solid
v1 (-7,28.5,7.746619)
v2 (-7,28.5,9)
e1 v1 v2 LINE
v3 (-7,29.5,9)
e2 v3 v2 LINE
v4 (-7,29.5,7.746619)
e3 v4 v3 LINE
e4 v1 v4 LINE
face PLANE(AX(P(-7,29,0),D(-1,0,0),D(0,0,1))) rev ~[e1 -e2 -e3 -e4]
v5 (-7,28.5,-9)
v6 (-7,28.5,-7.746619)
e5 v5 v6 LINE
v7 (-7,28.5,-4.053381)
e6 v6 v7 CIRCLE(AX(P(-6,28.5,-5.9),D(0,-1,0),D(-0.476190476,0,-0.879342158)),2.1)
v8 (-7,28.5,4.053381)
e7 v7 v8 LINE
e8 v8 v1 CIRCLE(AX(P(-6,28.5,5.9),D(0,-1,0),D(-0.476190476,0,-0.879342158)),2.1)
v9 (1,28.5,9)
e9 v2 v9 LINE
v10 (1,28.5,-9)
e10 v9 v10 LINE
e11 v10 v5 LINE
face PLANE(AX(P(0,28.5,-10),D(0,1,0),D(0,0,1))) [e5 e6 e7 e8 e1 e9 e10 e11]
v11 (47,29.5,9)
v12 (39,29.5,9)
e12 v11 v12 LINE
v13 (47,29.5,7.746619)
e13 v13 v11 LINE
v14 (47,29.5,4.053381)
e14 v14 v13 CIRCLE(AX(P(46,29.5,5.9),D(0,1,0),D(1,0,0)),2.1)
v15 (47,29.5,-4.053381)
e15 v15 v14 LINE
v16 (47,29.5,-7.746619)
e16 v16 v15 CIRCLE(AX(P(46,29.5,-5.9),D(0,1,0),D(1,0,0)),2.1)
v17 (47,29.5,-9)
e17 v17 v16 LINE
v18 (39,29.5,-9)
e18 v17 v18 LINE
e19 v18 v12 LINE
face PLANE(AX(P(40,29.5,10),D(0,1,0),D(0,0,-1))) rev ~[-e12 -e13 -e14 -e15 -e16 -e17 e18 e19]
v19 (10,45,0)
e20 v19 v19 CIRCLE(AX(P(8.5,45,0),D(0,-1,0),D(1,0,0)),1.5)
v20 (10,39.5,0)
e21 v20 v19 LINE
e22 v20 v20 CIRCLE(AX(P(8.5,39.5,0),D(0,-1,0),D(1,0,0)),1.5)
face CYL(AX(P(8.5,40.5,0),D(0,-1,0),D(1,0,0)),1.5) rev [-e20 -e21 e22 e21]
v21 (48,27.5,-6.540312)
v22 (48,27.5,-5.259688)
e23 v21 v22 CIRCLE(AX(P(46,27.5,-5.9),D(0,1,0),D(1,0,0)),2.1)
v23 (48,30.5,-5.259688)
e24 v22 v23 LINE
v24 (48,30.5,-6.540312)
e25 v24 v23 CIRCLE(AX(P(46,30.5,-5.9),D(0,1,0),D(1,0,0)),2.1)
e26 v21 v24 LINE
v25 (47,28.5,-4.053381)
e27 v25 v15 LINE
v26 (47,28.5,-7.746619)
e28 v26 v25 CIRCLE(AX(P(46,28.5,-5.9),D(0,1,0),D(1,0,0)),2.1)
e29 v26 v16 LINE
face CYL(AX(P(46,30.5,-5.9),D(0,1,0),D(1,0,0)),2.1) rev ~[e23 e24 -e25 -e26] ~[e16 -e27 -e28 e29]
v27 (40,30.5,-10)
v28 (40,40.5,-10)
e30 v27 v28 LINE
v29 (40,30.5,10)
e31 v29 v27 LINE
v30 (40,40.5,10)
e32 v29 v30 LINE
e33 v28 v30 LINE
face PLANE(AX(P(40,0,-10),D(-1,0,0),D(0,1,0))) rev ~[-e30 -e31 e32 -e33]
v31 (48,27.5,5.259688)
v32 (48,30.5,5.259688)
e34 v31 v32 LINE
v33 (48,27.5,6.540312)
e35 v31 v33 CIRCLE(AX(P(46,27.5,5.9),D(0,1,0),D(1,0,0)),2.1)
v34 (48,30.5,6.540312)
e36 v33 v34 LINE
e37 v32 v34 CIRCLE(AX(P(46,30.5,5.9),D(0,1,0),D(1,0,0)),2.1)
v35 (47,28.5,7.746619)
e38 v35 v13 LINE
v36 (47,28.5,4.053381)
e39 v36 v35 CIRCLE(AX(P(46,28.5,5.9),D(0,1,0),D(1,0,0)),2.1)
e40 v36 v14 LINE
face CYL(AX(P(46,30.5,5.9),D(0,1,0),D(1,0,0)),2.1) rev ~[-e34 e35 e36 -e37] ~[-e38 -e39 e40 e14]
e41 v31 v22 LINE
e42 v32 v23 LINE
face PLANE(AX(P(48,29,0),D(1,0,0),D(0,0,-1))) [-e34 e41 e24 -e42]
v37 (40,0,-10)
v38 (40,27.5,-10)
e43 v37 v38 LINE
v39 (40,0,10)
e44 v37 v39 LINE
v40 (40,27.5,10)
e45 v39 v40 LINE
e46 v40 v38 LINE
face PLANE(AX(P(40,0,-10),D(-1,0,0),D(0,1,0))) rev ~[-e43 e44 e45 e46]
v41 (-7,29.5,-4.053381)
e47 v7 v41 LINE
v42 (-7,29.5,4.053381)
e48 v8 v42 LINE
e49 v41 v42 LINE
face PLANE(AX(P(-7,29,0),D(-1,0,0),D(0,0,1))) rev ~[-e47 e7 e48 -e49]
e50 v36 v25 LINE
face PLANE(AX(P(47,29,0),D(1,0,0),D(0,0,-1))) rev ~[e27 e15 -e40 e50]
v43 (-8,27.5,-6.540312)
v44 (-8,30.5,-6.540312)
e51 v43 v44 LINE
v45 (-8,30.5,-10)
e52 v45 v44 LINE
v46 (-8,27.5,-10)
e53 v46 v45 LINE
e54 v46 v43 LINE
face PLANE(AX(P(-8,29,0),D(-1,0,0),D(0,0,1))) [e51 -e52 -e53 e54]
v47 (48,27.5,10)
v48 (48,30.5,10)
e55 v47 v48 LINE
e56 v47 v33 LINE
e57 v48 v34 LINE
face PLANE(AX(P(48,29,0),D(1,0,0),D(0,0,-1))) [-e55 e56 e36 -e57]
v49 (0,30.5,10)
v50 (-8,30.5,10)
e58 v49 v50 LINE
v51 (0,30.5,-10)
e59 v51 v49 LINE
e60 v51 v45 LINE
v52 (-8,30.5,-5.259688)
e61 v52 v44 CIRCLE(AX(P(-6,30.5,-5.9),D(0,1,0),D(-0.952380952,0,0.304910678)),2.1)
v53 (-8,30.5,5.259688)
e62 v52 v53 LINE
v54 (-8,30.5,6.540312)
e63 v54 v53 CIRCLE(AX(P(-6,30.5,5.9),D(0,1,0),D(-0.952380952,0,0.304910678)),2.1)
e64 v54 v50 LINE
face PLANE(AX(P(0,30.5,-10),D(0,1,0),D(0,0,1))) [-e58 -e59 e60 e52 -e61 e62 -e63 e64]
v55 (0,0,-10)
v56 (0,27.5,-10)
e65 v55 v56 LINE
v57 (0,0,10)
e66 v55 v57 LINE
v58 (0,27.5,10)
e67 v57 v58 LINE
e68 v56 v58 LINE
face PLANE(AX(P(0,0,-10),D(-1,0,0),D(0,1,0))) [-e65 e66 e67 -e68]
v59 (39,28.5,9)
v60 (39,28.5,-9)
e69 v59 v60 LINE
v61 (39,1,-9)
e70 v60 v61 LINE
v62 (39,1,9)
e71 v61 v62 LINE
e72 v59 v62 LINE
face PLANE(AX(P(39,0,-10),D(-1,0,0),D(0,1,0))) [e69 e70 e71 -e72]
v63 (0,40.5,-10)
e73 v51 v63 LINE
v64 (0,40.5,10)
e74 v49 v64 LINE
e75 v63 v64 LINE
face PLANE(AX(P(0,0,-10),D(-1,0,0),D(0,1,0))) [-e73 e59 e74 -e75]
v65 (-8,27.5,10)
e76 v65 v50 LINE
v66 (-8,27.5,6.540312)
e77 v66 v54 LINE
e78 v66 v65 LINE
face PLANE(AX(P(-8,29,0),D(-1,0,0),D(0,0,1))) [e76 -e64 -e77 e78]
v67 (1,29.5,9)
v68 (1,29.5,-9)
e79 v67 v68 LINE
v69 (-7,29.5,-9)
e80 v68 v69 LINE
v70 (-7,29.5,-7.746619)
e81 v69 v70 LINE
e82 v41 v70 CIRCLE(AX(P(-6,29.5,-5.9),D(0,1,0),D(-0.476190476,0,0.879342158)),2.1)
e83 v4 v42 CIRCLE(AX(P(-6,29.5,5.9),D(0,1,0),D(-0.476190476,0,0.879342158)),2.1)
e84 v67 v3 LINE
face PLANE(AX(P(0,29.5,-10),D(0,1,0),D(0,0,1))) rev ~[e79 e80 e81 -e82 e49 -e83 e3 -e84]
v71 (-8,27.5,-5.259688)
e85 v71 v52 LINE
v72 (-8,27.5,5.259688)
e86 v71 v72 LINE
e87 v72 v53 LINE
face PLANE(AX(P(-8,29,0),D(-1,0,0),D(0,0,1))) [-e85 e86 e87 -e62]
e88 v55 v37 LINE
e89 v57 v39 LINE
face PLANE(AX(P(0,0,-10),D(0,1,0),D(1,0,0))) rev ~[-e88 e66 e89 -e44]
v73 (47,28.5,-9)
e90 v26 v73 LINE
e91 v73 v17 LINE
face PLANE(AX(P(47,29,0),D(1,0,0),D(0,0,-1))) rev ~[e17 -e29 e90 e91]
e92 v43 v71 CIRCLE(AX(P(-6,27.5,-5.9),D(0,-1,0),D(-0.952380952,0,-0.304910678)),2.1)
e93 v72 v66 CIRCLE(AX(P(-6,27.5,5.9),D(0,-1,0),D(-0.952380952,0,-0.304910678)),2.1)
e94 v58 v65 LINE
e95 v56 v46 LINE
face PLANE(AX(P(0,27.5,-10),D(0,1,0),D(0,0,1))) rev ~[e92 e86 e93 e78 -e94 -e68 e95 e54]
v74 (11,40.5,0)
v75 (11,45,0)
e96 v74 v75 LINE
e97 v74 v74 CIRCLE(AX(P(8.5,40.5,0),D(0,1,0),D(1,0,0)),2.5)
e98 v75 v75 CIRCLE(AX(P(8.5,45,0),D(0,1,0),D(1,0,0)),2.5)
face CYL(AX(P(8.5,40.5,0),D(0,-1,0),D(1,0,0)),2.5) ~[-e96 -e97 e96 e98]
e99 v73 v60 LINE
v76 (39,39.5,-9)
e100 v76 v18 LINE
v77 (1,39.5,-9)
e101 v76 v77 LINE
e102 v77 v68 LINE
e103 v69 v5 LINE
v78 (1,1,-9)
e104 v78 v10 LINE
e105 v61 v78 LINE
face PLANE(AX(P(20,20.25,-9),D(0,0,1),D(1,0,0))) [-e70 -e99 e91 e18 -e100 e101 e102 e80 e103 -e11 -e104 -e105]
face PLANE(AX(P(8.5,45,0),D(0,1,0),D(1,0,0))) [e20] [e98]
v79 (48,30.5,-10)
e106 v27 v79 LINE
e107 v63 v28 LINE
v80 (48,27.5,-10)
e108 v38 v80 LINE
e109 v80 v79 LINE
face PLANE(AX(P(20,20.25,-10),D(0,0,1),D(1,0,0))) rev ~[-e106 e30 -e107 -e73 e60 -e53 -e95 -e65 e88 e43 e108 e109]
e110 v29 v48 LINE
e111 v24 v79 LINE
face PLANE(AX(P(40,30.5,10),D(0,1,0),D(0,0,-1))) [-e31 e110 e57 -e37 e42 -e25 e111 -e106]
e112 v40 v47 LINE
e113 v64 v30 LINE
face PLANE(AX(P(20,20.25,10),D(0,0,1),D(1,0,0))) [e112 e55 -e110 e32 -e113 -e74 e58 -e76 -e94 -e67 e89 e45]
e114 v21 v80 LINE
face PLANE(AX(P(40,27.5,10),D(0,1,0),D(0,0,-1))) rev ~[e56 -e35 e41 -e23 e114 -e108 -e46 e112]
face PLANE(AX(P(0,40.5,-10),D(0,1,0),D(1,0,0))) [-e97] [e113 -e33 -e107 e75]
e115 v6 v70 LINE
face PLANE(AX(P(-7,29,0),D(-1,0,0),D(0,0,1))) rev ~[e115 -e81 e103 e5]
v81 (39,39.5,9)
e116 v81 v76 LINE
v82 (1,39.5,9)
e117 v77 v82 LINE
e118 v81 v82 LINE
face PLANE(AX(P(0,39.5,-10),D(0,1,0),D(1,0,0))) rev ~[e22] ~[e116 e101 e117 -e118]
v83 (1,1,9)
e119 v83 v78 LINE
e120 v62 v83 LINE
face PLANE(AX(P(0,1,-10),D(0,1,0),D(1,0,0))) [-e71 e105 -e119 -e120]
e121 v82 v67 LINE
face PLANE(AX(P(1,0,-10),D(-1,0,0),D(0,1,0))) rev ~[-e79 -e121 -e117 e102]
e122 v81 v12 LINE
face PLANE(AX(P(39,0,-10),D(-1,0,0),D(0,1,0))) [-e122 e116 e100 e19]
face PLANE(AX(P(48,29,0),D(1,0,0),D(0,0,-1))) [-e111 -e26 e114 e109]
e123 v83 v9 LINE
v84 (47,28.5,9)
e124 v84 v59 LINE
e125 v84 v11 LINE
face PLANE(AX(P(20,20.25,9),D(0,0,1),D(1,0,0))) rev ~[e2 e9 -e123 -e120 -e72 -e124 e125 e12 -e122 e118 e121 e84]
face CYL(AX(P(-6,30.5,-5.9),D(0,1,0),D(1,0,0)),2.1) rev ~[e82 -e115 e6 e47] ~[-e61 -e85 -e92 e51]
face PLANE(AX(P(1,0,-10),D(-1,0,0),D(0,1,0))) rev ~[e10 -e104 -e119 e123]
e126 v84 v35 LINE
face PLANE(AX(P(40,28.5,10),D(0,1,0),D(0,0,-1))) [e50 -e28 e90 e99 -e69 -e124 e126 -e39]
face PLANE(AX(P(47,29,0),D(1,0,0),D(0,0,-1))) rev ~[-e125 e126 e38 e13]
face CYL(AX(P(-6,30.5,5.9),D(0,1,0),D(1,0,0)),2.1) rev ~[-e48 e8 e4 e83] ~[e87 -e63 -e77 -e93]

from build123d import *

# Parameters (mm, degrees)
BOSS_EXTRUDE1_DEPTH      = 10
BOSS_EXTRUDE1_DEPTH_BACK = 10
SKETCH1_W                = 40
SKETCH1_H                = 40.5
SKETCH2_W                = 20
SKETCH2_H                = 3
BOSS_EXTRUDE2_DEPTH      = 8
SKETCH3_W                = 20
SKETCH3_H                = 3
BOSS_EXTRUDE3_DEPTH      = 8
SKETCH4_R                = 2.5
BOSS_EXTRUDE4_DEPTH      = 4.5
SHELL1_T                 = -1
SKETCH5_R                = 2.1
CUT_EXTRUDE1_DEPTH       = 10
SKETCH6_R                = 2.1
CUT_EXTRUDE2_DEPTH       = 10


with BuildPart() as part:
    # Sketch1 → Boss-Extrude1 (new, two sides: drawn at the far end of the back side and taken through both)
    with BuildSketch(Plane.XY.offset(-BOSS_EXTRUDE1_DEPTH_BACK)):
        with Locations((20, 20.25)):
            Rectangle(SKETCH1_W, SKETCH1_H)
    extrude(amount=BOSS_EXTRUDE1_DEPTH + BOSS_EXTRUDE1_DEPTH_BACK)

    # Sketch2 → Boss-Extrude2 (add)
    with BuildSketch(Plane(origin=(40, 0, 0), x_dir=(0, 0, -1), z_dir=(1, 0, 0))):
        with Locations((0, 29)):
            Rectangle(SKETCH2_W, SKETCH2_H)
    extrude(amount=BOSS_EXTRUDE2_DEPTH)

    # Sketch3 → Boss-Extrude3 (add)
    with BuildSketch(Plane.ZY):
        with Locations((0, 29)):
            Rectangle(SKETCH3_W, SKETCH3_H)
    extrude(amount=BOSS_EXTRUDE3_DEPTH)

    # Sketch4 → Boss-Extrude4 (add)
    with BuildSketch(Plane(origin=(0, 40.5, 0), x_dir=(1, 0, 0), z_dir=(0, 1, 0))):
        with Locations((8.5, 0)):
            Circle(SKETCH4_R)
    extrude(amount=BOSS_EXTRUDE4_DEPTH)

    # Shell1
    shell1_openings = [part.faces().sort_by_distance(p)[0] for p in [
        (8.5, 45, 0),
    ]]
    offset(amount=SHELL1_T, openings=shell1_openings, kind=Kind.INTERSECTION)

    # Sketch5 → Cut-Extrude1 (cut)
    with BuildSketch(Plane(origin=(0, 30.5, 0), x_dir=(1, 0, 0), z_dir=(0, 1, 0))):
        with Locations((-6, 5.9)):
            Circle(SKETCH5_R)
        with Locations((-6, -5.9)):
            Circle(SKETCH5_R)
    extrude(amount=-CUT_EXTRUDE1_DEPTH, mode=Mode.SUBTRACT)

    # Sketch6 → Cut-Extrude2 (cut)
    with BuildSketch(Plane(origin=(0, 30.5, 0), x_dir=(1, 0, 0), z_dir=(0, 1, 0))):
        with Locations((46, 5.9)):
            Circle(SKETCH6_R)
        with Locations((46, -5.9)):
            Circle(SKETCH6_R)
    extrude(amount=-CUT_EXTRUDE2_DEPTH, mode=Mode.SUBTRACT)


solid = part.part
